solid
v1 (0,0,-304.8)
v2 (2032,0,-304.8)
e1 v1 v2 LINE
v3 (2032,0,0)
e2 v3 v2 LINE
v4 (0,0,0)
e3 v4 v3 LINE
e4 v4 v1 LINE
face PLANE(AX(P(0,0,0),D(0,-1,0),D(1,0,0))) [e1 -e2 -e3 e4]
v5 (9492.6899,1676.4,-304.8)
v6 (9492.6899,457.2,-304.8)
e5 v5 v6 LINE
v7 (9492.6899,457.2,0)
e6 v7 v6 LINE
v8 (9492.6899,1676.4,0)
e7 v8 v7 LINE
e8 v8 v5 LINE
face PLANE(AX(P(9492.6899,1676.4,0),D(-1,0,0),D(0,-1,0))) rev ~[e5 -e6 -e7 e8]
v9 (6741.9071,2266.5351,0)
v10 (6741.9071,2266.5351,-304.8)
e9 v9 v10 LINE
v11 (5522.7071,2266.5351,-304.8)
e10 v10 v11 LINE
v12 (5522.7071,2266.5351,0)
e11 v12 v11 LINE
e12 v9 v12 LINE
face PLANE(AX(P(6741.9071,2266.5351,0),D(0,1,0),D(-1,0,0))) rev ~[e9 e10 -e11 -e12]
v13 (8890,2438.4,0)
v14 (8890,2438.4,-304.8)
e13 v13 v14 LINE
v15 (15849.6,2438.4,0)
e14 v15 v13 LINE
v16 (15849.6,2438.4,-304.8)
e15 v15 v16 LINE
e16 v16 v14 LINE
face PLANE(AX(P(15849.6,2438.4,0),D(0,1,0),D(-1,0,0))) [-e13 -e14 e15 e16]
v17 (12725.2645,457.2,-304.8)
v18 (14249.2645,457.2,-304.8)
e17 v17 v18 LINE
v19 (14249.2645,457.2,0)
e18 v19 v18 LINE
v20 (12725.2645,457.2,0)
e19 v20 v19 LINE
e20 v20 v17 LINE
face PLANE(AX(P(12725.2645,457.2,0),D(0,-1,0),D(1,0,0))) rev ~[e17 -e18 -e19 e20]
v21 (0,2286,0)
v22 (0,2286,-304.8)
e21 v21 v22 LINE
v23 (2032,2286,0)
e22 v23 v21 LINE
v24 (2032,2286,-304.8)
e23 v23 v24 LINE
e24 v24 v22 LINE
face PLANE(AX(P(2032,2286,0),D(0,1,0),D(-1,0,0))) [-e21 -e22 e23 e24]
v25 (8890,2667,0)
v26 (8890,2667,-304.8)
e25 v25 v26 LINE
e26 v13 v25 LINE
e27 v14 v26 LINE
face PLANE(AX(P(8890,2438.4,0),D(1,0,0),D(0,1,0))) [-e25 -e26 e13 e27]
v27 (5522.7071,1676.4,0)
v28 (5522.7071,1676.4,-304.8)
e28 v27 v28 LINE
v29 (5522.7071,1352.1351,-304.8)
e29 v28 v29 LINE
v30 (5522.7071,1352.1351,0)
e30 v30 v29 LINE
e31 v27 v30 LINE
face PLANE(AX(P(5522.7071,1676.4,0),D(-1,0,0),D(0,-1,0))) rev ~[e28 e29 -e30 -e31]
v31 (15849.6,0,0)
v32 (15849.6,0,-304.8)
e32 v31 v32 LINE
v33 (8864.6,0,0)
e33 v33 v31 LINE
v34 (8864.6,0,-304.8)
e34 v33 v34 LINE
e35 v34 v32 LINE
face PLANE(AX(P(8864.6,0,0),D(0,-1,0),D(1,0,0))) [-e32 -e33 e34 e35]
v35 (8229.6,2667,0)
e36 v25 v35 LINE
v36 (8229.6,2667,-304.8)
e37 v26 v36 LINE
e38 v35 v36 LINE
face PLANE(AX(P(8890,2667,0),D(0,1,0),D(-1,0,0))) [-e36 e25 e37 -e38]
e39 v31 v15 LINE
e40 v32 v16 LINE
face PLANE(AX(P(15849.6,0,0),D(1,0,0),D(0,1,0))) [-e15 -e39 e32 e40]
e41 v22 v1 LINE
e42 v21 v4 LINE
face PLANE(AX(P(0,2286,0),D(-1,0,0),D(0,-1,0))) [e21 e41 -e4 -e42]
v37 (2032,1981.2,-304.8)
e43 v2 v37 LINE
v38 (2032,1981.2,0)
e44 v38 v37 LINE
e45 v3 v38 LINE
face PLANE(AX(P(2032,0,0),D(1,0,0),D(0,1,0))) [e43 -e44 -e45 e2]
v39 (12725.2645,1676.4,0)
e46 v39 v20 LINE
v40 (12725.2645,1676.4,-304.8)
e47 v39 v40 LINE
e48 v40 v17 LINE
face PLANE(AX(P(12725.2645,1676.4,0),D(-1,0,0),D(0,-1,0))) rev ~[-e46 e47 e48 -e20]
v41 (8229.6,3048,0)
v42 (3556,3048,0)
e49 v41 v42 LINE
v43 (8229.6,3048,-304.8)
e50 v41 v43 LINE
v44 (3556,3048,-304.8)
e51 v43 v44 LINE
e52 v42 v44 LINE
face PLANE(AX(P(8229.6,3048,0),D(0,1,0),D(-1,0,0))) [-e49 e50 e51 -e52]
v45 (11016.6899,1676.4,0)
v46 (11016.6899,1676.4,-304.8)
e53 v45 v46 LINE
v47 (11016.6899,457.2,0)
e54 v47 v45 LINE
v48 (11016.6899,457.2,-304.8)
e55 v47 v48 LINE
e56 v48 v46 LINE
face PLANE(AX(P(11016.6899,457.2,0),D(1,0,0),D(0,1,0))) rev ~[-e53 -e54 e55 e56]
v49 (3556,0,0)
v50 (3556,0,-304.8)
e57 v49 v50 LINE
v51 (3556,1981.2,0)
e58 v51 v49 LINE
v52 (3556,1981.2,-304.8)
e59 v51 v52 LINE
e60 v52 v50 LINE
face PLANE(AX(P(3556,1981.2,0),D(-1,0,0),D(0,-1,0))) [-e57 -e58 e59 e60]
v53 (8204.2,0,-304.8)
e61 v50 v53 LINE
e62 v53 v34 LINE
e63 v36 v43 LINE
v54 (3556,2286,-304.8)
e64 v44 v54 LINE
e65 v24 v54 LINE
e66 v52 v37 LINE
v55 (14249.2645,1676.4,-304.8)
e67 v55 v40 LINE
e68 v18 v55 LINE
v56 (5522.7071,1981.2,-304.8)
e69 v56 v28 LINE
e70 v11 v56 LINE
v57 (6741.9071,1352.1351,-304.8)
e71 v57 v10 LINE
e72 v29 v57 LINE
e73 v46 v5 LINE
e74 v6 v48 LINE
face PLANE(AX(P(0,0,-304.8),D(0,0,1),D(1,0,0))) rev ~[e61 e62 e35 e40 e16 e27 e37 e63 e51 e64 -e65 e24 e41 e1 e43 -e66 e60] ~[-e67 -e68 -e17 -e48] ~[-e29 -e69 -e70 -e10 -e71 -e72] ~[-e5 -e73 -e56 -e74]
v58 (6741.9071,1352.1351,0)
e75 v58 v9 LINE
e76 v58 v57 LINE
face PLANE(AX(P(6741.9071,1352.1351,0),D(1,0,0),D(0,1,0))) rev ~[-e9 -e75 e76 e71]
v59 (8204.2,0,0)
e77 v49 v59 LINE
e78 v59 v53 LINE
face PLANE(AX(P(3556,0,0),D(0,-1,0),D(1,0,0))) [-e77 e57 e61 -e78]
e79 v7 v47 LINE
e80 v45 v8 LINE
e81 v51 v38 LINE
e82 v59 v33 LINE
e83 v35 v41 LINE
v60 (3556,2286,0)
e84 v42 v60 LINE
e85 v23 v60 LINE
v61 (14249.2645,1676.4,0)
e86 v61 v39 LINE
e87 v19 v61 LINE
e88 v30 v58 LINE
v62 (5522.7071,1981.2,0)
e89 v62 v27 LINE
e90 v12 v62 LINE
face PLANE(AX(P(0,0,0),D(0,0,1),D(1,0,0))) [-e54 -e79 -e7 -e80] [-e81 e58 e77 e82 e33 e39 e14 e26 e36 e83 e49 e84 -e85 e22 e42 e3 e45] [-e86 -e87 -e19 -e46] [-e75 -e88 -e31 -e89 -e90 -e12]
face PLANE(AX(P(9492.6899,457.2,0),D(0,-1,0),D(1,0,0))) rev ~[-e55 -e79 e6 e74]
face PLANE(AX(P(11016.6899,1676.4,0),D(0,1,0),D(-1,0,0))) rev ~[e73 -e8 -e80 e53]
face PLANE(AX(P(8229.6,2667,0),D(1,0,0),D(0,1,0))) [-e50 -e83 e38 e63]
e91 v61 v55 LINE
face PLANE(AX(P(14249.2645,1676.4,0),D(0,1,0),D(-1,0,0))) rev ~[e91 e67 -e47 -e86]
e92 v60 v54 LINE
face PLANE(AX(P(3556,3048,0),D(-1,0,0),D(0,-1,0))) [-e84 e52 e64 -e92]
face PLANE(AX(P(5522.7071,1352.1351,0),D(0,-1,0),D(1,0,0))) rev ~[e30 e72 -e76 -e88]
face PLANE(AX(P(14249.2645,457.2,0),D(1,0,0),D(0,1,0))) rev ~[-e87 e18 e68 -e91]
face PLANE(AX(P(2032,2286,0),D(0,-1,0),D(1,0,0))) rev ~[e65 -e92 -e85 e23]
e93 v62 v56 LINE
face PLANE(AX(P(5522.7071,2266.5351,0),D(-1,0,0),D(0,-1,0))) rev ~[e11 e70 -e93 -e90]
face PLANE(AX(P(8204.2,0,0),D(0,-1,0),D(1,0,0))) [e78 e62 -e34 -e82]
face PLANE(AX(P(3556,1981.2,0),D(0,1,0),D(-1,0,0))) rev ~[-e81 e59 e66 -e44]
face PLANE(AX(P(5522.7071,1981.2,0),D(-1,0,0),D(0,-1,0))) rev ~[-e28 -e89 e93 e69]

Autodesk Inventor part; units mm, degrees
ref_plane "YZ Plane" through (0, 0, 0) normal (1, 0, 0) x (0, 1, 0)
ref_plane "XZ Plane" through (0, 0, 0) normal (0, 1, 0) x (-1, 0, 0)
ref_plane "XY Plane" through (0, 0, 0) normal (0, 0, 1) x (1, 0, 0)
sketch "Sketch2" plane through (0, 0, 0) normal (0, 0, 1) x (1, 0, 0)
  line L0 (0, 0) -> (2032, 0)
  line L1 (2032, 0) -> (2032, 1981.2)
  line L2 (2032, 2286) -> (0, 2286)
  line L3 (0, 2286) -> (0, 0)
  line L4 (2032, 2286) -> (3556, 2286)
  line L5 (3556, 1981.2) -> (2032, 1981.2)
  line L6 (3556, 1981.2) -> (3556, 0) construction
  line L7 (3556, 0) -> (8204.2, 0)
  line L8 (8229.6, 2667) -> (8229.6, 3048)
  line L9 (8229.6, 3048) -> (3556, 3048)
  line L10 (8204.2, 0) -> (8864.6, 0)
  line L11 (8890, 2438.4) -> (8890, 2667)
  line L12 (8890, 2667) -> (8229.6, 2667)
  line L13 (8864.6, 0) -> (15849.6, 0)
  line L14 (15849.6, 0) -> (15849.6, 2438.4)
  line L15 (15849.6, 2438.4) -> (8890, 2438.4)
  line L16 (9492.6899, 457.2) -> (11016.6899, 457.2)
  line L17 (11016.6899, 457.2) -> (11016.6899, 1676.4)
  line L18 (11016.6899, 1676.4) -> (9492.6899, 1676.4)
  line L19 (9492.6899, 1676.4) -> (9492.6899, 457.2)
  line L20 (9492.6899, 457.2) -> (11016.6899, 1676.4) construction
  line L21 (11016.6899, 457.2) -> (9492.6899, 1676.4) construction
  line L22 (12725.2645, 457.2) -> (14249.2645, 457.2)
  line L23 (14249.2645, 457.2) -> (14249.2645, 1676.4)
  line L24 (14249.2645, 1676.4) -> (12725.2645, 1676.4)
  line L25 (12725.2645, 1676.4) -> (12725.2645, 457.2)
  line L26 (12725.2645, 457.2) -> (14249.2645, 1676.4) construction
  line L27 (14249.2645, 457.2) -> (12725.2645, 1676.4) construction
  line L28 (5522.7071, 1352.1351) -> (6741.9071, 1352.1351)
  line L29 (6741.9071, 1352.1351) -> (6741.9071, 2266.5351)
  line L30 (6741.9071, 2266.5351) -> (5522.7071, 2266.5351)
  line L31 (5522.7071, 1352.1351) -> (6741.9071, 2266.5351) construction
  line L32 (6741.9071, 1352.1351) -> (5522.7071, 2266.5351) construction
  line L33 (5522.7071, 2266.5351) -> (5522.7071, 1981.2)
  line L34 (5522.7071, 1676.4) -> (5522.7071, 1352.1351)
  line L35 (3556, 3048) -> (3556, 2286)
  line L36 (3556, 1981.2) -> (3556, 0)
  line L37 (5522.7071, 2266.5351) -> (5522.7071, 1352.1351)
  point P0 (10254.6899, 1066.8)
  point P1 (13487.2645, 1066.8)
  point P2 (6132.3071, 1809.3351)
  dimension "d25" = 2286
  dimension "d26" = 1524
  dimension "d28" = 4673.6
  dimension "d34" = 6959.6
  dimension "d35" = 2438.4
  dimension "d36" = 1524
  dimension "d38" = 1219.2
  dimension "d39" = 1524
  dimension "d40" = 1219.2
  dimension "d41" = 1219.2
  dimension "d42" = 914.4
  dimension "d43" = 660.4
  dimension "d44" = 2667
  dimension "d45" = 3048
  dimension "d46" = 304.8
  dimension "d51" = 3556
  dimension "d52" = 2032
  dimension "d53" = 12293.6
extrude "Extrusion2" add sketch "Sketch2" against normal blind 304.8
properties part number "eastSideofHouseFacingPool"
